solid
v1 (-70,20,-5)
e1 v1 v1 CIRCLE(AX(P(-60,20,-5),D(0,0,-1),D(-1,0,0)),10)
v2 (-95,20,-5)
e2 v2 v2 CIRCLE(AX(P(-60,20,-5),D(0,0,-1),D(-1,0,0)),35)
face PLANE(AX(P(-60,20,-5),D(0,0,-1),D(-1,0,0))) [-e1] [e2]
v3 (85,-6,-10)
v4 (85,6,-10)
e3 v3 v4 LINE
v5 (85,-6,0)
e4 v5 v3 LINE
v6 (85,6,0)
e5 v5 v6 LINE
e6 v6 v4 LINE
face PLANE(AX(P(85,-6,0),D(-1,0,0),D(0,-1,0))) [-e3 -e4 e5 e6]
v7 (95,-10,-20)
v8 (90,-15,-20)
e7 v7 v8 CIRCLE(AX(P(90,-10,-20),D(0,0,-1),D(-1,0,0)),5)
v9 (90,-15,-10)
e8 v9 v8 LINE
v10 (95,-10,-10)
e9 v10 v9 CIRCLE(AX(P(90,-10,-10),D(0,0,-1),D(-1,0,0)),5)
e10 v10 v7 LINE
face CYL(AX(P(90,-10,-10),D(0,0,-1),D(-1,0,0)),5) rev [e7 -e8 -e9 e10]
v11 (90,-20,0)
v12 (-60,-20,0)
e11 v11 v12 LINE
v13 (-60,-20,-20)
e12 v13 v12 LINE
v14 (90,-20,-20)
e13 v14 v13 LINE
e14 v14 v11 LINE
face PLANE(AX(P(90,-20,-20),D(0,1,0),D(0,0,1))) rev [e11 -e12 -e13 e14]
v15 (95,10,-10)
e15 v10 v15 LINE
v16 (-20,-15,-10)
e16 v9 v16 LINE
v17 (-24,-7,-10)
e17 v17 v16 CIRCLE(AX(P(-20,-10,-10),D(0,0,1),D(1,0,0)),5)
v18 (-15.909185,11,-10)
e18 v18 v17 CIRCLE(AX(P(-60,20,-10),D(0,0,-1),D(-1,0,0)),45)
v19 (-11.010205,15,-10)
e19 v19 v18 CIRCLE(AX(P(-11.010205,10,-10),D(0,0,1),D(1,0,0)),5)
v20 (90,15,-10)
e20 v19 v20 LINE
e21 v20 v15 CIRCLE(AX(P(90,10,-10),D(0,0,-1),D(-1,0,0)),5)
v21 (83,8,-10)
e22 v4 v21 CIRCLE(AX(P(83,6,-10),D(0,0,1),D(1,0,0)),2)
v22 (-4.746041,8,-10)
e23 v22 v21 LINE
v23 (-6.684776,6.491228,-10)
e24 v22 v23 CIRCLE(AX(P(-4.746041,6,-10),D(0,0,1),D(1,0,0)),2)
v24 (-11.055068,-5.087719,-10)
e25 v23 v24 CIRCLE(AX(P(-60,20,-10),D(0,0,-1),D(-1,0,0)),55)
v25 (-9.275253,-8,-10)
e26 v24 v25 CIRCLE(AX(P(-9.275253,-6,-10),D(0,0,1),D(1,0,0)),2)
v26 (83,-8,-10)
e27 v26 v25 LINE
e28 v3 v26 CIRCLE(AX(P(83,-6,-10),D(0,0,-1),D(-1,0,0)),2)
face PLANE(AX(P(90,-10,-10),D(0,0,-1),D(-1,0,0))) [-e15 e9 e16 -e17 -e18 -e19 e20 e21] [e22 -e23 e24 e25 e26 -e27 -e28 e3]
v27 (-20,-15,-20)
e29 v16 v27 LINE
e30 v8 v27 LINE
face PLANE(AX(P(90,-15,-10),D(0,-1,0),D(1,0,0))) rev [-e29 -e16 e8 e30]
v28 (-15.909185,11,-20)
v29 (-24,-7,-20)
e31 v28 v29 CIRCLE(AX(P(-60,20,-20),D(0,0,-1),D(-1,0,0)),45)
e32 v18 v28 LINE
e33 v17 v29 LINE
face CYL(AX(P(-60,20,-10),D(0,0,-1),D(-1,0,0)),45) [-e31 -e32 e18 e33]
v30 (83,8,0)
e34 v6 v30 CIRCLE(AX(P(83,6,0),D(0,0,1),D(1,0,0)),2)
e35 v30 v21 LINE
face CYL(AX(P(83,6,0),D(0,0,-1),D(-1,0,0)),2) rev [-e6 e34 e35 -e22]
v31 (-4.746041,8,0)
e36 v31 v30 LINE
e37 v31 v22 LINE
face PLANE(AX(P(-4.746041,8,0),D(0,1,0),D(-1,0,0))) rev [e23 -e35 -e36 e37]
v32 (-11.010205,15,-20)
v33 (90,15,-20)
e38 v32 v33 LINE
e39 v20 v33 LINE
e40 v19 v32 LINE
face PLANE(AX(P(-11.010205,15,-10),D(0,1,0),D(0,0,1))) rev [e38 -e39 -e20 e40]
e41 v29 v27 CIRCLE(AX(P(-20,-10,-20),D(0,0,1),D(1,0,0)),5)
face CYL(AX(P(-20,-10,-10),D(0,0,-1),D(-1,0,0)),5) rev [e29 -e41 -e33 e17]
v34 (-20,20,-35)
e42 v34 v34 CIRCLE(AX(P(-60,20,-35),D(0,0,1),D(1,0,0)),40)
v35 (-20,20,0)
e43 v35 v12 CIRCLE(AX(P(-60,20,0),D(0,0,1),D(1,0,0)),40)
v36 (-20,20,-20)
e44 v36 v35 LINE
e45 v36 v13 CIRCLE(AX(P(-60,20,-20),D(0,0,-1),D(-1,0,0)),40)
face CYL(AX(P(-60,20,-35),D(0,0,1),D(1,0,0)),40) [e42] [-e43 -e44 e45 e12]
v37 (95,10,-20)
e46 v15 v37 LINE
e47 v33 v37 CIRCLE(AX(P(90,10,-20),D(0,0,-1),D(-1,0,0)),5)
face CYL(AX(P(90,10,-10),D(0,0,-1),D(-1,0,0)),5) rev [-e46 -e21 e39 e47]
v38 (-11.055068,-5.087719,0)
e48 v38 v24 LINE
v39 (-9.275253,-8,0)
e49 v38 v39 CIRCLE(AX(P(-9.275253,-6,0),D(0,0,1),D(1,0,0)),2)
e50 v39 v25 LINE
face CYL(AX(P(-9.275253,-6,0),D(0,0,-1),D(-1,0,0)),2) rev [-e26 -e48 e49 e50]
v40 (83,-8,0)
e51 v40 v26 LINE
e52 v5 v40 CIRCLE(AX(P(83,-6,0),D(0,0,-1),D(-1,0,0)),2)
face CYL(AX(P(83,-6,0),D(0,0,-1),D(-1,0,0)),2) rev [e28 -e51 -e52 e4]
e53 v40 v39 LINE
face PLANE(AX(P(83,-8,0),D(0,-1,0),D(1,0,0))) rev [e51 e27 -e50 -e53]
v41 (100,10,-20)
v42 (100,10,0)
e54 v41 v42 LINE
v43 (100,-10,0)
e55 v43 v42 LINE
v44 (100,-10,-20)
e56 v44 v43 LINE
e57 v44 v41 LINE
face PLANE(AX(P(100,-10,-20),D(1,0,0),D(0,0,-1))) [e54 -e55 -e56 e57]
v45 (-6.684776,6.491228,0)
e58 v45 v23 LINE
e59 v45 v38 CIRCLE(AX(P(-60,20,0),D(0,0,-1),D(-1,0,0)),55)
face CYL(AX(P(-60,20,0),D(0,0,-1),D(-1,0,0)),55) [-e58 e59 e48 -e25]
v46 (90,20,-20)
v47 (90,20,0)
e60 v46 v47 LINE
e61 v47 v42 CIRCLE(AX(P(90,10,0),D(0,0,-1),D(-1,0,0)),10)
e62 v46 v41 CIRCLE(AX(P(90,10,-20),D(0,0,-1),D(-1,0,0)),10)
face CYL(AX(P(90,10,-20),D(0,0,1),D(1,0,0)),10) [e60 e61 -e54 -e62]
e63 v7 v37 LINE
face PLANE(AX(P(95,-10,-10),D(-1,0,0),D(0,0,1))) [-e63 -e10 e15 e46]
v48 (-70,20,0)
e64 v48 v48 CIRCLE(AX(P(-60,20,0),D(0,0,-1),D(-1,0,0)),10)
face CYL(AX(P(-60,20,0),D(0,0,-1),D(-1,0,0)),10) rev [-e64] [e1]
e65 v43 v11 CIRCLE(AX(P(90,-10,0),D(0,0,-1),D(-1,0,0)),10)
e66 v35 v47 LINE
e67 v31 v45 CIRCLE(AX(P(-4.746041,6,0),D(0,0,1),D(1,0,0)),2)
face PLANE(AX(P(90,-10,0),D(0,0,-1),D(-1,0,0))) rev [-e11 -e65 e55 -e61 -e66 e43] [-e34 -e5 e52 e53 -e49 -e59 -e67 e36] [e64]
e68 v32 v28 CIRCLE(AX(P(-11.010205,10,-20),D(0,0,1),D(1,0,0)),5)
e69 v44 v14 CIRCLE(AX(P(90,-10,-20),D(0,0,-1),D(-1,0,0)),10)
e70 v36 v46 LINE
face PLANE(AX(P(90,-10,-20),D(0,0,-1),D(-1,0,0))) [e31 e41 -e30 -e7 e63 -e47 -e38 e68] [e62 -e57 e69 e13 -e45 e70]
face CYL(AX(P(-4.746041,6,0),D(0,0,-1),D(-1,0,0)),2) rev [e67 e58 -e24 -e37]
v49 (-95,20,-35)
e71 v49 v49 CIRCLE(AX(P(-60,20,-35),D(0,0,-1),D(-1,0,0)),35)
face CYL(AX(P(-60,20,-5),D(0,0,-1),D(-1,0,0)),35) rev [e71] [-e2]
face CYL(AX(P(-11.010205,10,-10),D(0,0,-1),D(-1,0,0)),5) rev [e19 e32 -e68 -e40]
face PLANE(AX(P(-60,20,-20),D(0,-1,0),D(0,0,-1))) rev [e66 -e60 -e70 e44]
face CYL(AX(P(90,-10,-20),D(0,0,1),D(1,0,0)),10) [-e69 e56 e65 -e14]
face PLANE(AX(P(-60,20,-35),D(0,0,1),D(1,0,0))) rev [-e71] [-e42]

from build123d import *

# Parameters (mm, degrees)
BASE_EXTRUDE_DEPTH  = 20
SKETCH3_R           = 40
BOSS_EXTRUDE1_DEPTH = 35
SKETCH4_R           = 35
CUT_EXTRUDE1_DEPTH  = 30
CUT_EXTRUDE2_DEPTH  = 10
SKETCH6_R           = 10
CUT_EXTRUDE3_DEPTH  = 121.415945788
CUT_EXTRUDE5_DEPTH  = 120.268604419


with BuildPart() as part:
    # Sketch1 → Base-Extrude (new body)
    with BuildSketch(Plane.XY):
        with BuildLine():
            Line((90, -20), (-60, -20))
            Line((-60, -20), (-60, 20))
            Line((-60, 20), (90, 20))
            ThreePointArc((90, 20), (97.071067812, 17.071067812), (100, 10))
            Line((100, 10), (100, -10))
            ThreePointArc((100, -10), (97.071067812, -17.071067812), (90, -20))
        make_face()
    extrude(amount=-BASE_EXTRUDE_DEPTH)

    # Sketch3 → Boss-Extrude1 (add)
    with BuildSketch(Plane.XY):
        with Locations((-60, 20)):
            Circle(SKETCH3_R)
    extrude(amount=-BOSS_EXTRUDE1_DEPTH)

    # Sketch4 → Cut-Extrude1 (cut)
    with BuildSketch(Plane(origin=(0, 0, -35), x_dir=(-1, 0, 0), z_dir=(0, 0, -1))):
        with Locations((60, 20)):
            Circle(SKETCH4_R)
    extrude(amount=-CUT_EXTRUDE1_DEPTH, mode=Mode.SUBTRACT)

    # Sketch5 → Cut-Extrude2 (cut)
    with BuildSketch(Plane(origin=(0, 0, -20), x_dir=(-1, 0, 0), z_dir=(0, 0, -1))):
        with BuildLine():
            Line((-90, -15), (20, -15))
            ThreePointArc((20, -15), (24.472135955, -12.236067977), (24, -7))
            ThreePointArc((24, -7), (18.955698609, 1.551007525), (15.90918463, 11))
            ThreePointArc((15.90918463, 11), (14.172482805, 13.872983346), (11.010205144, 15))
            Line((11.010205144, 15), (-90, 15))
            ThreePointArc((-90, 15), (-93.535533906, 13.535533906), (-95, 10))
            Line((-95, 10), (-95, -10))
            ThreePointArc((-95, -10), (-93.535533906, -13.535533906), (-90, -15))
        make_face()
    extrude(amount=-CUT_EXTRUDE2_DEPTH, mode=Mode.SUBTRACT)

    # Sketch6 → Cut-Extrude3 (cut, through all)
    with BuildSketch(Plane(origin=(0, 0, -5), x_dir=(-1, 0, 0), z_dir=(0, 0, -1))):
        with Locations((60, 20)):
            Circle(SKETCH6_R)
    extrude(amount=-CUT_EXTRUDE3_DEPTH, mode=Mode.SUBTRACT)

    # Sketch8 → Cut-Extrude5 (cut, through all)
    with BuildSketch(Plane(origin=(0, 0, -10), x_dir=(-1, 0, 0), z_dir=(0, 0, -1))):
        with BuildLine():
            Line((-83, -8), (9.275252588, -8))
            ThreePointArc((9.275252588, -8), (10.981793154, -7.042937821), (11.055068287, -5.087719298))
            ThreePointArc((11.055068287, -5.087719298), (8.543194297, 0.578436035), (6.684776274, 6.49122807))
            ThreePointArc((6.684776274, 6.49122807), (5.974361642, 7.578362465), (4.746040866, 8))
            Line((4.746040866, 8), (-83, 8))
            ThreePointArc((-83, 8), (-84.414213562, 7.414213562), (-85, 6))
            Line((-85, 6), (-85, -6))
            ThreePointArc((-85, -6), (-84.414213562, -7.414213562), (-83, -8))
        make_face()
    extrude(amount=-CUT_EXTRUDE5_DEPTH, mode=Mode.SUBTRACT)


solid = part.part
